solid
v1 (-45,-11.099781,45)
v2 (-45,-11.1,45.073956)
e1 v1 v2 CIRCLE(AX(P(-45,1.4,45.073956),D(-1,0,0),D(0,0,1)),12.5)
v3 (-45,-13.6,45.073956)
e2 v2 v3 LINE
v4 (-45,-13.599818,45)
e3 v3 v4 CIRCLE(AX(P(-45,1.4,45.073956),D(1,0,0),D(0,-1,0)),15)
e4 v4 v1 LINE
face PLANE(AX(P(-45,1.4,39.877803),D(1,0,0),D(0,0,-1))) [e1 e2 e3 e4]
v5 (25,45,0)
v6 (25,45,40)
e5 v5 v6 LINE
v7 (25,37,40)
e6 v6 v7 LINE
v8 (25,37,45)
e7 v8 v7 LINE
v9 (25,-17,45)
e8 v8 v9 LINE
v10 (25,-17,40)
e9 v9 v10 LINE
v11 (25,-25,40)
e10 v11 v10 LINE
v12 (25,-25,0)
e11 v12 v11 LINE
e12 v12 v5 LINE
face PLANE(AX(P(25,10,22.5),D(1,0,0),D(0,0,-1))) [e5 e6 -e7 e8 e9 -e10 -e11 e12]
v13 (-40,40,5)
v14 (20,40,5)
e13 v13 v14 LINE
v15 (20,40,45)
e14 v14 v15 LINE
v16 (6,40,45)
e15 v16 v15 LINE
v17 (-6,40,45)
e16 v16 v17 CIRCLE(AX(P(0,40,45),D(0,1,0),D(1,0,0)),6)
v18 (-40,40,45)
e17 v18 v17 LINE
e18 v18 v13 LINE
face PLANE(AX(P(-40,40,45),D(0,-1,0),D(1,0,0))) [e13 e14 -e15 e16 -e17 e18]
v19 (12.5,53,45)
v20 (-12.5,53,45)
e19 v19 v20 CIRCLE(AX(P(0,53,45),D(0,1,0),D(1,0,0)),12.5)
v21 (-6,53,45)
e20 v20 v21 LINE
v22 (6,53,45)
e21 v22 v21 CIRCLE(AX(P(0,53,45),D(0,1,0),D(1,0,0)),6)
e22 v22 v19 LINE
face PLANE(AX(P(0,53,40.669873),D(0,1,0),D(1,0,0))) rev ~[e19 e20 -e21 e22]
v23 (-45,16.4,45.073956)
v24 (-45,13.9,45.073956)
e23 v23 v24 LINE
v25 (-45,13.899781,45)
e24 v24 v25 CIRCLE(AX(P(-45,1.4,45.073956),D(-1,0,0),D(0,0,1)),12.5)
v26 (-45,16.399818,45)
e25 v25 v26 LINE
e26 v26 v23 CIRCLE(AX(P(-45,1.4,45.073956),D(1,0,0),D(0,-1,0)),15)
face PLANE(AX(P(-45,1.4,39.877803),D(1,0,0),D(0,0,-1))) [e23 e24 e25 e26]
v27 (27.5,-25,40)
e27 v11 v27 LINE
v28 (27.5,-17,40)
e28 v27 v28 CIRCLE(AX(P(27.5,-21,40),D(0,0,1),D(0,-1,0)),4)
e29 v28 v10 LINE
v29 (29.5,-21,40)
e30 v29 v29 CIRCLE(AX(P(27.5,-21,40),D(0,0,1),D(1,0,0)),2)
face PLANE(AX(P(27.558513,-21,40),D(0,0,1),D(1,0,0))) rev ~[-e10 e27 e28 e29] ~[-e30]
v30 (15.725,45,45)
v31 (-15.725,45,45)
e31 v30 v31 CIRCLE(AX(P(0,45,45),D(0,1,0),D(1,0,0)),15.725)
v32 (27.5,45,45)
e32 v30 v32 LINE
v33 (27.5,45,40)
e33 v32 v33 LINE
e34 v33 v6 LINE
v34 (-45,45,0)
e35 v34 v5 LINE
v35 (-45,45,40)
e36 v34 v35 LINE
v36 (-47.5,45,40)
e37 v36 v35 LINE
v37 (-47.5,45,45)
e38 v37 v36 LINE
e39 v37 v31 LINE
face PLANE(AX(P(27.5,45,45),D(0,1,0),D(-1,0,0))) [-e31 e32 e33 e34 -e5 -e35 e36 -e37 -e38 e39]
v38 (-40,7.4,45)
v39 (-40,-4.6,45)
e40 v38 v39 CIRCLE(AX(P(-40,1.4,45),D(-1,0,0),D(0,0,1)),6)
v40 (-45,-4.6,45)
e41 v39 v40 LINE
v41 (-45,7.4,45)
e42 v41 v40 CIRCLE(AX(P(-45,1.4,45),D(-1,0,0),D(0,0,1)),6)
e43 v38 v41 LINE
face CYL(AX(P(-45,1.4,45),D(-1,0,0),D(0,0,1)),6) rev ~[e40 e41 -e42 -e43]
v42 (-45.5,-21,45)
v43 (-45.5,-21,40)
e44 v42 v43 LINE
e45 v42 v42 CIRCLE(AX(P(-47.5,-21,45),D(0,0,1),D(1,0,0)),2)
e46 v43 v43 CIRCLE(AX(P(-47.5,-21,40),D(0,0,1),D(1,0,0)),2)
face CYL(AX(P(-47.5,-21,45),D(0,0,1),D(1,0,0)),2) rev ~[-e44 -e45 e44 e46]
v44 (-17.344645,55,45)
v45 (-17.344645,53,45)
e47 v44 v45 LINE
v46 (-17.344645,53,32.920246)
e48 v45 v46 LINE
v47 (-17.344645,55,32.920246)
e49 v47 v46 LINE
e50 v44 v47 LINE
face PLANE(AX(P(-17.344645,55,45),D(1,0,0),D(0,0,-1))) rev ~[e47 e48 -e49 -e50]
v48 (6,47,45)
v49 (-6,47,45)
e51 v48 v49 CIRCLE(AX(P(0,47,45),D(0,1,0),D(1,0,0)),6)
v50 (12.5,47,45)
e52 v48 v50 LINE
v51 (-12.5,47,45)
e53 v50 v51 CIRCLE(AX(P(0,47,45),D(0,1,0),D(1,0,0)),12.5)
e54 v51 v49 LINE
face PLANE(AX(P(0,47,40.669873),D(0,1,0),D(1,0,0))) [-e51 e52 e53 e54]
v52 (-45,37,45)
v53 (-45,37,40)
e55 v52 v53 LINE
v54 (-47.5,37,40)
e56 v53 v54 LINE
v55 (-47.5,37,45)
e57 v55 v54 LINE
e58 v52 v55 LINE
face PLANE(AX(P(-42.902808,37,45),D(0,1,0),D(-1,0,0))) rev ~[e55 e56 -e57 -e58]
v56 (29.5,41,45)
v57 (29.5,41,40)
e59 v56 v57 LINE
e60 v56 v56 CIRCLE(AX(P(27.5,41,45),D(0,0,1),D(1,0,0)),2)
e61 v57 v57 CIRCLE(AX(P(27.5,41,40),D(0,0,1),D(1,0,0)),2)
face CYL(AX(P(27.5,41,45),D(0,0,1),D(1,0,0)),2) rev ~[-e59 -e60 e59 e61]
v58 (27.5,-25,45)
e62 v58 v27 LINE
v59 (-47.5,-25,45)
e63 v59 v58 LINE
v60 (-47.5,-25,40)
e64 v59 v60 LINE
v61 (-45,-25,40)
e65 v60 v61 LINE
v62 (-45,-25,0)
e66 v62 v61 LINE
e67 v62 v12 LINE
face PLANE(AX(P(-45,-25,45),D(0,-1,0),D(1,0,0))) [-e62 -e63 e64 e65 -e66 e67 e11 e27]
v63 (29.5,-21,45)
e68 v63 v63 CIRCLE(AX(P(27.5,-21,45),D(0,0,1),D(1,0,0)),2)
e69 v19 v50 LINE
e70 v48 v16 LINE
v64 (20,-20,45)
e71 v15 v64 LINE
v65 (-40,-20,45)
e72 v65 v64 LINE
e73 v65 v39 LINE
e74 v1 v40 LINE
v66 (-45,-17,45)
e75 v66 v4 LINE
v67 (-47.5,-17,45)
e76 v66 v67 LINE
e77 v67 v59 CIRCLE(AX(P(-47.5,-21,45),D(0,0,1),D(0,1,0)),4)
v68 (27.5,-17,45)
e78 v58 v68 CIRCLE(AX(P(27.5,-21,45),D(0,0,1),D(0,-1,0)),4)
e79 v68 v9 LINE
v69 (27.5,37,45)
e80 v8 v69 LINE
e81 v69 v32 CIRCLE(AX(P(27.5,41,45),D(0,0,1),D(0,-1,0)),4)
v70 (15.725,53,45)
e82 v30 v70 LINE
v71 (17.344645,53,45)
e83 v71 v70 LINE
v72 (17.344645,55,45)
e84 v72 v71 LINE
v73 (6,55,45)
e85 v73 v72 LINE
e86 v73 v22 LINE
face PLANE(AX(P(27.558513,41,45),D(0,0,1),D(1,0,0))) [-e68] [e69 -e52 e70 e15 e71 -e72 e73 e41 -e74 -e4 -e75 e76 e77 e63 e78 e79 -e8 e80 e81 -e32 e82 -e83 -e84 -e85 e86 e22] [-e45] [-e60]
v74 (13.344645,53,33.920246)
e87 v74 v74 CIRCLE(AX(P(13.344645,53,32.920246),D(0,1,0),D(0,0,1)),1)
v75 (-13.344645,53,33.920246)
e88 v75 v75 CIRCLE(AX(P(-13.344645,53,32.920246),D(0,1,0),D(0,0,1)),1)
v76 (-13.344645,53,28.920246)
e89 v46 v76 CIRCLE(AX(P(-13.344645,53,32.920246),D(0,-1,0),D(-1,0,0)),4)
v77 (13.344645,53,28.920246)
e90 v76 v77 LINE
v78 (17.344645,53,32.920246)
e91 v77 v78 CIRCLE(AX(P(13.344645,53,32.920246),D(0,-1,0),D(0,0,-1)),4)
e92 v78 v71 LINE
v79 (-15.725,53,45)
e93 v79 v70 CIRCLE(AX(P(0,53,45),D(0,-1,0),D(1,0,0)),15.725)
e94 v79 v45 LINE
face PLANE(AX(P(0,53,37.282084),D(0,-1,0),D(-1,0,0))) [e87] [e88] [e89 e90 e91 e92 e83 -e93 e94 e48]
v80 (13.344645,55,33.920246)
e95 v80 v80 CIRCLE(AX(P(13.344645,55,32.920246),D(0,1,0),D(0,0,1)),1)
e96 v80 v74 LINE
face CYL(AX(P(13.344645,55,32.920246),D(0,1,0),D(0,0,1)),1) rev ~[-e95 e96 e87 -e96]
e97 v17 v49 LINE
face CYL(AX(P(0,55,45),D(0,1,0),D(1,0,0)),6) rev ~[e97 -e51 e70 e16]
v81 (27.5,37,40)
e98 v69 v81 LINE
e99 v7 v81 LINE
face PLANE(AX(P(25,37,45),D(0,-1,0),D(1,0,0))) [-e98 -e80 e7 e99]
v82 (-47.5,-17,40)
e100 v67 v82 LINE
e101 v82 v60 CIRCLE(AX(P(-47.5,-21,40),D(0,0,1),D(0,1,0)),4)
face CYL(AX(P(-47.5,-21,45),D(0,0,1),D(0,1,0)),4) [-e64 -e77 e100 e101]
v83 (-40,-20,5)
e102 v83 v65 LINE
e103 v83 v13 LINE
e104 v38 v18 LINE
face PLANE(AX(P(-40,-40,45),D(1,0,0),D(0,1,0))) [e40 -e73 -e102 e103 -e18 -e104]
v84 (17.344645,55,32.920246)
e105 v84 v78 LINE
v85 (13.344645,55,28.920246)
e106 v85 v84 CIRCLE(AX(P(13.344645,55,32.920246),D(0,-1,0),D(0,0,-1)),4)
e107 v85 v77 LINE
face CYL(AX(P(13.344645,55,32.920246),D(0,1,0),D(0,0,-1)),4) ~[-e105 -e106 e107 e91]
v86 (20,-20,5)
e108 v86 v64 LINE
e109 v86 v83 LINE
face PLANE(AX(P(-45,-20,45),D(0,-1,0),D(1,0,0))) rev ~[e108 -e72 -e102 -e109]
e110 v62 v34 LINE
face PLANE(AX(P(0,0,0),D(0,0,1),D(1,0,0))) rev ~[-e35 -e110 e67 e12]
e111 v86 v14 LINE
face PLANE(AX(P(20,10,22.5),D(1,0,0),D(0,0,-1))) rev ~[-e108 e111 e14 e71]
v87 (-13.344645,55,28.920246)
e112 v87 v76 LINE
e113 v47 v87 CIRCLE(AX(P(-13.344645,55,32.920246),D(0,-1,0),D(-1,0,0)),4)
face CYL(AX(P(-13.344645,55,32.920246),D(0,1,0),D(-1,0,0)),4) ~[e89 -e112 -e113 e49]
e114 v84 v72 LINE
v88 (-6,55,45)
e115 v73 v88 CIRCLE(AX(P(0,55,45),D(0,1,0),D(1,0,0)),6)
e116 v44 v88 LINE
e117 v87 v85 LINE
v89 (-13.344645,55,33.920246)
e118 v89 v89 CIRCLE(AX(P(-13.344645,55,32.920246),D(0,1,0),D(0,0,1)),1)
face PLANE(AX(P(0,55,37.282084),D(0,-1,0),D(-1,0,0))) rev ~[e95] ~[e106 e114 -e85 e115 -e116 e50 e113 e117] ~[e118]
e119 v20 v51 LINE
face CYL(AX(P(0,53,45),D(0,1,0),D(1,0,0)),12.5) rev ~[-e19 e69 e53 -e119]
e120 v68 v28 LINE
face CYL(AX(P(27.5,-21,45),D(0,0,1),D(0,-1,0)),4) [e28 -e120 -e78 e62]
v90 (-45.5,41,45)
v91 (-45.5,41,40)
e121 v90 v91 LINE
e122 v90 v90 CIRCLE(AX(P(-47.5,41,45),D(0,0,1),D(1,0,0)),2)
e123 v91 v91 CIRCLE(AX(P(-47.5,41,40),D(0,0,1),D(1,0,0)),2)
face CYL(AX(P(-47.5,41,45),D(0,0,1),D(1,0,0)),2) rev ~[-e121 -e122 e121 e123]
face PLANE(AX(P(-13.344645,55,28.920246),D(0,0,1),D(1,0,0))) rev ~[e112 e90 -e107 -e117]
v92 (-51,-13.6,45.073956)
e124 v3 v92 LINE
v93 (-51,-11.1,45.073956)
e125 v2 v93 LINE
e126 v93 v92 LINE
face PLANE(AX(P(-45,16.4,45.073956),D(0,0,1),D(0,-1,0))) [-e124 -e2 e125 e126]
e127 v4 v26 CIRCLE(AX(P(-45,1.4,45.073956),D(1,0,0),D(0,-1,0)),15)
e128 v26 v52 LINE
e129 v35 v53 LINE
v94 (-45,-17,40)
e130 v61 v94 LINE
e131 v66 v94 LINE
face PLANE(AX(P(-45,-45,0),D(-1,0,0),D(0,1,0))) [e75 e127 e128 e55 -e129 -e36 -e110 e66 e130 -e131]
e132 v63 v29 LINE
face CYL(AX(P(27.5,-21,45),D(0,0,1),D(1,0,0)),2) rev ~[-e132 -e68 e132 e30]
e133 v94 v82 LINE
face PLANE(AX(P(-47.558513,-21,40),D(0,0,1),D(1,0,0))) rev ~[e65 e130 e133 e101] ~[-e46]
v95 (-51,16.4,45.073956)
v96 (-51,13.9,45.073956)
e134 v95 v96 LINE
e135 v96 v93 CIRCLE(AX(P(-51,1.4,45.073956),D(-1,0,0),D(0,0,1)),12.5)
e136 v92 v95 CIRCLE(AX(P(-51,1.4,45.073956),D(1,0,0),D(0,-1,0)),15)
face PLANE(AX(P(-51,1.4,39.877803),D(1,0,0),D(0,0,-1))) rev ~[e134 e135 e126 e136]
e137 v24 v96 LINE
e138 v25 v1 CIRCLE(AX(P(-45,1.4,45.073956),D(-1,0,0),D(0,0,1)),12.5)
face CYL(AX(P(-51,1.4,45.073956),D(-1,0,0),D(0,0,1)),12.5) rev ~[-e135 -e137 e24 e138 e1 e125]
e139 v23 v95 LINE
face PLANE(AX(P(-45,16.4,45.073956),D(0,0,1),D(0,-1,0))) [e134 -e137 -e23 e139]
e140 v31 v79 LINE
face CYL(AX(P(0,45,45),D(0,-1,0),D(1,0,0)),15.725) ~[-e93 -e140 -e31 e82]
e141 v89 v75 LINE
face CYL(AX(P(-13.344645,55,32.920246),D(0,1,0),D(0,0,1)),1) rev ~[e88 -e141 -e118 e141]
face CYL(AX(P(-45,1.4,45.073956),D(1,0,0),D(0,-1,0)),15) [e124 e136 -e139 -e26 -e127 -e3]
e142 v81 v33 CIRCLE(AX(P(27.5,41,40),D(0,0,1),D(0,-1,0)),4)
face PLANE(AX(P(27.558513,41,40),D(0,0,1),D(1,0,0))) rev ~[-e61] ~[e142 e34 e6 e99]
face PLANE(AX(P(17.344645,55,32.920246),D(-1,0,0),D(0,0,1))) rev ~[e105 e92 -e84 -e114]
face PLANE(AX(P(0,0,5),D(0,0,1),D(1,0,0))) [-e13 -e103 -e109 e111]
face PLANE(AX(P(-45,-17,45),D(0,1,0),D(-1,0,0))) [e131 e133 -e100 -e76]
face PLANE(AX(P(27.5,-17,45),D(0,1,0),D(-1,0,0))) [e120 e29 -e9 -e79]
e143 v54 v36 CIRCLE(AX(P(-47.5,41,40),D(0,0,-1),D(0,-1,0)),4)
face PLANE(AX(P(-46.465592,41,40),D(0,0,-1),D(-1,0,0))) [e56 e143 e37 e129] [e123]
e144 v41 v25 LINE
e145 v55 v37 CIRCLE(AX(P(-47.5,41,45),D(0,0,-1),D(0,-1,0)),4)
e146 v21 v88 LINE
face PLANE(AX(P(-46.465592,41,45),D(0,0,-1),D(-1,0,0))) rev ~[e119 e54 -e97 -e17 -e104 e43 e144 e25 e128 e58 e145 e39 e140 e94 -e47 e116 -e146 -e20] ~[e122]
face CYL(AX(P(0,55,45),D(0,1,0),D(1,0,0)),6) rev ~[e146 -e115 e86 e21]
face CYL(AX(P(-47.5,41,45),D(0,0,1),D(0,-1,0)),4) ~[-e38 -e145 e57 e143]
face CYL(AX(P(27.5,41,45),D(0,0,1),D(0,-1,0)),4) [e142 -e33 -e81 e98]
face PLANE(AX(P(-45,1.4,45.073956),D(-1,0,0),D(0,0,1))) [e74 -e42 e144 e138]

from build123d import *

# Parameters (mm, degrees)
SKETCH_1_W               = 90
SKETCH_1_H               = 90
EXTRUDE_2_DEPTH          = 45
SKETCH_2_W               = 80
SKETCH_2_H               = 80
CUT_EXTRUDE_1_DEPTH      = 40
EXTRUDE_3_DEPTH          = 10
SKETCH_4_R               = 1
EXTRUDE_4_DEPTH          = 2
SKETCH_5_R               = 6
CUT_EXTRUDE_2_DEPTH      = 30
EXTRUDE_5_DEPTH          = 6
CUT_EXTRUDE_START        = -2
CUT_EXTRUDE_3_DEPTH      = 6
SKETCH_8_R               = 12.5
CUT_EXTRUDE_4_DEPTH      = 6
SKETCH_9_R               = 6
CUT_EXTRUDE_5_DEPTH      = 6
SKETCH_10_R              = 2
EXTRUDE_6_DEPTH          = 5
CUT_EXTRUDE_6_DEPTH      = 86.341501801
CUT_EXTRUDE_6_DEPTH_BACK = 86.341501801
EXTRUDE_8_DEPTH          = 5
EXTRUDE_9_REACH          = 89.762
SKETCH_13_W              = 70
SKETCH_13_H              = 5
SKETCH_14_R              = 2
SKETCH_14_W              = 3.535716984
SKETCH_14_H              = 8
EXTRUDE_10_DEPTH         = 5


with BuildPart() as part:
    # 草图1 → 凸台-拉伸2 (new body)
    with BuildSketch(Plane.XY):
        Rectangle(SKETCH_1_W, SKETCH_1_H)
    extrude(amount=EXTRUDE_2_DEPTH)

    # 草图2 → 切除-拉伸1 (cut)
    with BuildSketch(Plane.XY.offset(45)):
        Rectangle(SKETCH_2_W, SKETCH_2_H)
    extrude(amount=-CUT_EXTRUDE_1_DEPTH, mode=Mode.SUBTRACT)

    # 草图3 → 凸台-拉伸3 (add)
    with BuildSketch(Plane(origin=(0, 45, 0), x_dir=(1, 0, 0), z_dir=(0, 1, 0))):
        with BuildLine():
            Line((-15.725, -45), (15.725, -45))
            ThreePointArc((15.725, -45), (0, -29.275), (-15.725, -45))
        make_face()
    extrude(amount=EXTRUDE_3_DEPTH)

    # 草图4 → 凸台-拉伸4 (add)
    with BuildSketch(Plane(origin=(0, 55, 0), x_dir=(1, 0, 0), z_dir=(0, 1, 0))):
        with BuildLine():
            Line((-13.344644505, -28.920245738), (13.344644505, -28.920245738))
            ThreePointArc((13.344644505, -28.920245738), (16.17307163, -30.091818614), (17.344644505, -32.920245738))
            Line((17.344644505, -32.920245738), (17.344644505, -45))
            Line((17.344644505, -45), (-17.344644505, -45))
            Line((-17.344644505, -45), (-17.344644505, -32.920245738))
            ThreePointArc((-17.344644505, -32.920245738), (-16.17307163, -30.091818614), (-13.344644505, -28.920245738))
        make_face()
        with Locations(Location((13.344644505, -32.920245738, 0), (0, 0, 270))):
            Circle(SKETCH_4_R, mode=Mode.SUBTRACT)
        with Locations(Location((-13.344644505, -32.920245738, 0), (0, 0, 270))):
            Circle(SKETCH_4_R, mode=Mode.SUBTRACT)
    extrude(amount=-EXTRUDE_4_DEPTH)

    # 草图5 → 切除-拉伸2 (cut)
    with BuildSketch(Plane(origin=(0, 55, 0), x_dir=(1, 0, 0), z_dir=(0, 1, 0))):
        with Locations((0, -45)):
            Circle(SKETCH_5_R)
    extrude(amount=-CUT_EXTRUDE_2_DEPTH, mode=Mode.SUBTRACT)

    # 草图6 → 凸台-拉伸5 (add)
    with BuildSketch(Plane.ZY.offset(45)):
        with BuildLine():
            Line((45.073955752, 16.4), (45.073955752, -13.6))
            ThreePointArc((45.073955752, -13.6), (30.073955752, 1.4), (45.073955752, 16.4))
        make_face()
    extrude(amount=EXTRUDE_5_DEPTH)

    # 草图7 → 切除-拉伸3 (cut)
    with BuildSketch(Plane(origin=(0, 55, 0), x_dir=(1, 0, 0), z_dir=(0, 1, 0)).offset(CUT_EXTRUDE_START)):
        with BuildLine():
            Line((-12.5, -45), (12.5, -45))
            ThreePointArc((12.5, -45), (0, -32.5), (-12.5, -45))
        make_face()
    extrude(amount=-CUT_EXTRUDE_3_DEPTH, mode=Mode.SUBTRACT)

    # 草图8 → 切除-拉伸4 (cut)
    with BuildSketch(Plane.ZY.offset(51)):
        with Locations((45.073955752, 1.4)):
            Circle(SKETCH_8_R)
    extrude(amount=-CUT_EXTRUDE_4_DEPTH, mode=Mode.SUBTRACT)

    # 草图9 → 切除-拉伸5 (cut)
    with BuildSketch(Plane.ZY.offset(45)):
        with Locations((45, 1.4)):
            Circle(SKETCH_9_R)
    extrude(amount=-CUT_EXTRUDE_5_DEPTH, mode=Mode.SUBTRACT)

    # 草图10 → 凸台-拉伸6 (add)
    # profile 1 of 4: a face of its own
    with BuildSketch(Plane.XY.offset(45)):
        with BuildLine():
            Line((-47.5, 45), (-42.902808048, 45))
            Line((-42.902808048, 45), (-42.902808048, 37))
            Line((-42.902808048, 37), (-47.5, 37))
            ThreePointArc((-47.5, 37), (-51.5, 41), (-47.5, 45))
        make_face()
        with Locations((-47.5, 41)):
            Circle(SKETCH_10_R, mode=Mode.SUBTRACT)
    # profile 2 of 4: a face of its own
    with BuildSketch(Plane.XY.offset(45)):
        with BuildLine():
            Line((-47.5, -45), (-42.902808048, -45))
            Line((-42.902808048, -45), (-42.902808048, -37))
            Line((-42.902808048, -37), (-47.5, -37))
            ThreePointArc((-47.5, -37), (-51.5, -41), (-47.5, -45))
        make_face()
        with Locations((-47.5, -41)):
            Circle(SKETCH_10_R, mode=Mode.SUBTRACT)
    # profile 3 of 4: a face of its own
    with BuildSketch(Plane.XY.offset(45)):
        with BuildLine():
            Line((42.460881889, 45), (42.460881889, 37))
            Line((42.460881889, 37), (47.5, 37))
            ThreePointArc((47.5, 37), (51.5, 41), (47.5, 45))
            Line((47.5, 45), (42.460881889, 45))
        make_face()
        with Locations((47.5, 41)):
            Circle(SKETCH_10_R, mode=Mode.SUBTRACT)
    # profile 4 of 4: a face of its own
    with BuildSketch(Plane.XY.offset(45)):
        with BuildLine():
            Line((41.065096799, -37), (41.065096799, -45))
            Line((41.065096799, -45), (47.5, -45))
            ThreePointArc((47.5, -45), (51.5, -41), (47.5, -37))
            Line((47.5, -37), (41.065096799, -37))
        make_face()
        with Locations((47.5, -41)):
            Circle(SKETCH_10_R, mode=Mode.SUBTRACT)
    extrude(amount=-EXTRUDE_6_DEPTH)

    # 草图11 → 切除-拉伸6 (cut, two sides: drawn at the far end of the back side and taken through both)
    with BuildSketch(Plane.XY.offset(5).offset(-CUT_EXTRUDE_6_DEPTH_BACK)):
        Polygon((25, 25), (25, 60.762211799), (85.89289348, 60.762211799), (85.89289348, -73.939659246), (-86.710921037, -73.939659246), (-86.710921037, -25), (-25, -25), (25, -25), align=None)
    extrude(amount=CUT_EXTRUDE_6_DEPTH + CUT_EXTRUDE_6_DEPTH_BACK, mode=Mode.SUBTRACT)

    # 草图12 → 凸台-拉伸8 (add)
    with BuildSketch(Plane(origin=(25, 0, 0), x_dir=(0, 0, -1), z_dir=(1, 0, 0))):
        Polygon((-45, 40), (-45, -25), (-5, -25), (0, -25), (0, 45), (-45, 45), align=None)
    extrude(amount=-EXTRUDE_8_DEPTH)

    # 草图13 → 凸台-拉伸9 (add, up to next)
    with BuildSketch(Plane.XY.offset(45), mode=Mode.PRIVATE) as extrude_9_sk1:
        with Locations((-10, -22.5)):
            Rectangle(SKETCH_13_W, SKETCH_13_H)
    extrude_9_tool1 = extrude(extrude_9_sk1.sketch, amount=-EXTRUDE_9_REACH, mode=Mode.PRIVATE) - part.part
    add(extrude_9_tool1.solids().sort_by_distance((-10, -22.5, 45))[0])

    # 草图14 → 凸台-拉伸10 (add)
    # profile 1 of 5: a face of its own
    with BuildSketch(Plane.XY.offset(45)):
        with BuildLine():
            Line((27.5, 45), (25, 45))
            Line((25, 45), (25, 37))
            Line((25, 37), (27.5, 37))
            ThreePointArc((27.5, 37), (31.5, 41), (27.5, 45))
        make_face()
        with Locations((27.5, 41)):
            Circle(SKETCH_14_R, mode=Mode.SUBTRACT)
    # profile 2 of 5: a face of its own
    with BuildSketch(Plane.XY.offset(45)):
        with Locations((-43.232141508, -21)):
            Rectangle(SKETCH_14_W, SKETCH_14_H)
    # profile 3 of 5: a face of its own
    with BuildSketch(Plane.XY.offset(45)):
        with Locations((23.232141508, -21)):
            Rectangle(SKETCH_14_W, SKETCH_14_H)
    # profile 4 of 5: a face of its own
    with BuildSketch(Plane.XY.offset(45)):
        with BuildLine():
            Line((27.5, -17), (25, -17))
            Line((25, -17), (25, -25))
            Line((25, -25), (27.5, -25))
            ThreePointArc((27.5, -25), (31.5, -21), (27.5, -17))
        make_face()
        with Locations((27.5, -21)):
            Circle(SKETCH_14_R, mode=Mode.SUBTRACT)
    # profile 5 of 5: a face of its own
    with BuildSketch(Plane.XY.offset(45)):
        with BuildLine():
            Line((-47.5, -25), (-45, -25))
            Line((-45, -25), (-45, -17))
            Line((-45, -17), (-47.5, -17))
            ThreePointArc((-47.5, -17), (-51.5, -21), (-47.5, -25))
        make_face()
        with Locations((-47.5, -21)):
            Circle(SKETCH_14_R, mode=Mode.SUBTRACT)
    extrude(amount=-EXTRUDE_10_DEPTH)


solid = part.part
